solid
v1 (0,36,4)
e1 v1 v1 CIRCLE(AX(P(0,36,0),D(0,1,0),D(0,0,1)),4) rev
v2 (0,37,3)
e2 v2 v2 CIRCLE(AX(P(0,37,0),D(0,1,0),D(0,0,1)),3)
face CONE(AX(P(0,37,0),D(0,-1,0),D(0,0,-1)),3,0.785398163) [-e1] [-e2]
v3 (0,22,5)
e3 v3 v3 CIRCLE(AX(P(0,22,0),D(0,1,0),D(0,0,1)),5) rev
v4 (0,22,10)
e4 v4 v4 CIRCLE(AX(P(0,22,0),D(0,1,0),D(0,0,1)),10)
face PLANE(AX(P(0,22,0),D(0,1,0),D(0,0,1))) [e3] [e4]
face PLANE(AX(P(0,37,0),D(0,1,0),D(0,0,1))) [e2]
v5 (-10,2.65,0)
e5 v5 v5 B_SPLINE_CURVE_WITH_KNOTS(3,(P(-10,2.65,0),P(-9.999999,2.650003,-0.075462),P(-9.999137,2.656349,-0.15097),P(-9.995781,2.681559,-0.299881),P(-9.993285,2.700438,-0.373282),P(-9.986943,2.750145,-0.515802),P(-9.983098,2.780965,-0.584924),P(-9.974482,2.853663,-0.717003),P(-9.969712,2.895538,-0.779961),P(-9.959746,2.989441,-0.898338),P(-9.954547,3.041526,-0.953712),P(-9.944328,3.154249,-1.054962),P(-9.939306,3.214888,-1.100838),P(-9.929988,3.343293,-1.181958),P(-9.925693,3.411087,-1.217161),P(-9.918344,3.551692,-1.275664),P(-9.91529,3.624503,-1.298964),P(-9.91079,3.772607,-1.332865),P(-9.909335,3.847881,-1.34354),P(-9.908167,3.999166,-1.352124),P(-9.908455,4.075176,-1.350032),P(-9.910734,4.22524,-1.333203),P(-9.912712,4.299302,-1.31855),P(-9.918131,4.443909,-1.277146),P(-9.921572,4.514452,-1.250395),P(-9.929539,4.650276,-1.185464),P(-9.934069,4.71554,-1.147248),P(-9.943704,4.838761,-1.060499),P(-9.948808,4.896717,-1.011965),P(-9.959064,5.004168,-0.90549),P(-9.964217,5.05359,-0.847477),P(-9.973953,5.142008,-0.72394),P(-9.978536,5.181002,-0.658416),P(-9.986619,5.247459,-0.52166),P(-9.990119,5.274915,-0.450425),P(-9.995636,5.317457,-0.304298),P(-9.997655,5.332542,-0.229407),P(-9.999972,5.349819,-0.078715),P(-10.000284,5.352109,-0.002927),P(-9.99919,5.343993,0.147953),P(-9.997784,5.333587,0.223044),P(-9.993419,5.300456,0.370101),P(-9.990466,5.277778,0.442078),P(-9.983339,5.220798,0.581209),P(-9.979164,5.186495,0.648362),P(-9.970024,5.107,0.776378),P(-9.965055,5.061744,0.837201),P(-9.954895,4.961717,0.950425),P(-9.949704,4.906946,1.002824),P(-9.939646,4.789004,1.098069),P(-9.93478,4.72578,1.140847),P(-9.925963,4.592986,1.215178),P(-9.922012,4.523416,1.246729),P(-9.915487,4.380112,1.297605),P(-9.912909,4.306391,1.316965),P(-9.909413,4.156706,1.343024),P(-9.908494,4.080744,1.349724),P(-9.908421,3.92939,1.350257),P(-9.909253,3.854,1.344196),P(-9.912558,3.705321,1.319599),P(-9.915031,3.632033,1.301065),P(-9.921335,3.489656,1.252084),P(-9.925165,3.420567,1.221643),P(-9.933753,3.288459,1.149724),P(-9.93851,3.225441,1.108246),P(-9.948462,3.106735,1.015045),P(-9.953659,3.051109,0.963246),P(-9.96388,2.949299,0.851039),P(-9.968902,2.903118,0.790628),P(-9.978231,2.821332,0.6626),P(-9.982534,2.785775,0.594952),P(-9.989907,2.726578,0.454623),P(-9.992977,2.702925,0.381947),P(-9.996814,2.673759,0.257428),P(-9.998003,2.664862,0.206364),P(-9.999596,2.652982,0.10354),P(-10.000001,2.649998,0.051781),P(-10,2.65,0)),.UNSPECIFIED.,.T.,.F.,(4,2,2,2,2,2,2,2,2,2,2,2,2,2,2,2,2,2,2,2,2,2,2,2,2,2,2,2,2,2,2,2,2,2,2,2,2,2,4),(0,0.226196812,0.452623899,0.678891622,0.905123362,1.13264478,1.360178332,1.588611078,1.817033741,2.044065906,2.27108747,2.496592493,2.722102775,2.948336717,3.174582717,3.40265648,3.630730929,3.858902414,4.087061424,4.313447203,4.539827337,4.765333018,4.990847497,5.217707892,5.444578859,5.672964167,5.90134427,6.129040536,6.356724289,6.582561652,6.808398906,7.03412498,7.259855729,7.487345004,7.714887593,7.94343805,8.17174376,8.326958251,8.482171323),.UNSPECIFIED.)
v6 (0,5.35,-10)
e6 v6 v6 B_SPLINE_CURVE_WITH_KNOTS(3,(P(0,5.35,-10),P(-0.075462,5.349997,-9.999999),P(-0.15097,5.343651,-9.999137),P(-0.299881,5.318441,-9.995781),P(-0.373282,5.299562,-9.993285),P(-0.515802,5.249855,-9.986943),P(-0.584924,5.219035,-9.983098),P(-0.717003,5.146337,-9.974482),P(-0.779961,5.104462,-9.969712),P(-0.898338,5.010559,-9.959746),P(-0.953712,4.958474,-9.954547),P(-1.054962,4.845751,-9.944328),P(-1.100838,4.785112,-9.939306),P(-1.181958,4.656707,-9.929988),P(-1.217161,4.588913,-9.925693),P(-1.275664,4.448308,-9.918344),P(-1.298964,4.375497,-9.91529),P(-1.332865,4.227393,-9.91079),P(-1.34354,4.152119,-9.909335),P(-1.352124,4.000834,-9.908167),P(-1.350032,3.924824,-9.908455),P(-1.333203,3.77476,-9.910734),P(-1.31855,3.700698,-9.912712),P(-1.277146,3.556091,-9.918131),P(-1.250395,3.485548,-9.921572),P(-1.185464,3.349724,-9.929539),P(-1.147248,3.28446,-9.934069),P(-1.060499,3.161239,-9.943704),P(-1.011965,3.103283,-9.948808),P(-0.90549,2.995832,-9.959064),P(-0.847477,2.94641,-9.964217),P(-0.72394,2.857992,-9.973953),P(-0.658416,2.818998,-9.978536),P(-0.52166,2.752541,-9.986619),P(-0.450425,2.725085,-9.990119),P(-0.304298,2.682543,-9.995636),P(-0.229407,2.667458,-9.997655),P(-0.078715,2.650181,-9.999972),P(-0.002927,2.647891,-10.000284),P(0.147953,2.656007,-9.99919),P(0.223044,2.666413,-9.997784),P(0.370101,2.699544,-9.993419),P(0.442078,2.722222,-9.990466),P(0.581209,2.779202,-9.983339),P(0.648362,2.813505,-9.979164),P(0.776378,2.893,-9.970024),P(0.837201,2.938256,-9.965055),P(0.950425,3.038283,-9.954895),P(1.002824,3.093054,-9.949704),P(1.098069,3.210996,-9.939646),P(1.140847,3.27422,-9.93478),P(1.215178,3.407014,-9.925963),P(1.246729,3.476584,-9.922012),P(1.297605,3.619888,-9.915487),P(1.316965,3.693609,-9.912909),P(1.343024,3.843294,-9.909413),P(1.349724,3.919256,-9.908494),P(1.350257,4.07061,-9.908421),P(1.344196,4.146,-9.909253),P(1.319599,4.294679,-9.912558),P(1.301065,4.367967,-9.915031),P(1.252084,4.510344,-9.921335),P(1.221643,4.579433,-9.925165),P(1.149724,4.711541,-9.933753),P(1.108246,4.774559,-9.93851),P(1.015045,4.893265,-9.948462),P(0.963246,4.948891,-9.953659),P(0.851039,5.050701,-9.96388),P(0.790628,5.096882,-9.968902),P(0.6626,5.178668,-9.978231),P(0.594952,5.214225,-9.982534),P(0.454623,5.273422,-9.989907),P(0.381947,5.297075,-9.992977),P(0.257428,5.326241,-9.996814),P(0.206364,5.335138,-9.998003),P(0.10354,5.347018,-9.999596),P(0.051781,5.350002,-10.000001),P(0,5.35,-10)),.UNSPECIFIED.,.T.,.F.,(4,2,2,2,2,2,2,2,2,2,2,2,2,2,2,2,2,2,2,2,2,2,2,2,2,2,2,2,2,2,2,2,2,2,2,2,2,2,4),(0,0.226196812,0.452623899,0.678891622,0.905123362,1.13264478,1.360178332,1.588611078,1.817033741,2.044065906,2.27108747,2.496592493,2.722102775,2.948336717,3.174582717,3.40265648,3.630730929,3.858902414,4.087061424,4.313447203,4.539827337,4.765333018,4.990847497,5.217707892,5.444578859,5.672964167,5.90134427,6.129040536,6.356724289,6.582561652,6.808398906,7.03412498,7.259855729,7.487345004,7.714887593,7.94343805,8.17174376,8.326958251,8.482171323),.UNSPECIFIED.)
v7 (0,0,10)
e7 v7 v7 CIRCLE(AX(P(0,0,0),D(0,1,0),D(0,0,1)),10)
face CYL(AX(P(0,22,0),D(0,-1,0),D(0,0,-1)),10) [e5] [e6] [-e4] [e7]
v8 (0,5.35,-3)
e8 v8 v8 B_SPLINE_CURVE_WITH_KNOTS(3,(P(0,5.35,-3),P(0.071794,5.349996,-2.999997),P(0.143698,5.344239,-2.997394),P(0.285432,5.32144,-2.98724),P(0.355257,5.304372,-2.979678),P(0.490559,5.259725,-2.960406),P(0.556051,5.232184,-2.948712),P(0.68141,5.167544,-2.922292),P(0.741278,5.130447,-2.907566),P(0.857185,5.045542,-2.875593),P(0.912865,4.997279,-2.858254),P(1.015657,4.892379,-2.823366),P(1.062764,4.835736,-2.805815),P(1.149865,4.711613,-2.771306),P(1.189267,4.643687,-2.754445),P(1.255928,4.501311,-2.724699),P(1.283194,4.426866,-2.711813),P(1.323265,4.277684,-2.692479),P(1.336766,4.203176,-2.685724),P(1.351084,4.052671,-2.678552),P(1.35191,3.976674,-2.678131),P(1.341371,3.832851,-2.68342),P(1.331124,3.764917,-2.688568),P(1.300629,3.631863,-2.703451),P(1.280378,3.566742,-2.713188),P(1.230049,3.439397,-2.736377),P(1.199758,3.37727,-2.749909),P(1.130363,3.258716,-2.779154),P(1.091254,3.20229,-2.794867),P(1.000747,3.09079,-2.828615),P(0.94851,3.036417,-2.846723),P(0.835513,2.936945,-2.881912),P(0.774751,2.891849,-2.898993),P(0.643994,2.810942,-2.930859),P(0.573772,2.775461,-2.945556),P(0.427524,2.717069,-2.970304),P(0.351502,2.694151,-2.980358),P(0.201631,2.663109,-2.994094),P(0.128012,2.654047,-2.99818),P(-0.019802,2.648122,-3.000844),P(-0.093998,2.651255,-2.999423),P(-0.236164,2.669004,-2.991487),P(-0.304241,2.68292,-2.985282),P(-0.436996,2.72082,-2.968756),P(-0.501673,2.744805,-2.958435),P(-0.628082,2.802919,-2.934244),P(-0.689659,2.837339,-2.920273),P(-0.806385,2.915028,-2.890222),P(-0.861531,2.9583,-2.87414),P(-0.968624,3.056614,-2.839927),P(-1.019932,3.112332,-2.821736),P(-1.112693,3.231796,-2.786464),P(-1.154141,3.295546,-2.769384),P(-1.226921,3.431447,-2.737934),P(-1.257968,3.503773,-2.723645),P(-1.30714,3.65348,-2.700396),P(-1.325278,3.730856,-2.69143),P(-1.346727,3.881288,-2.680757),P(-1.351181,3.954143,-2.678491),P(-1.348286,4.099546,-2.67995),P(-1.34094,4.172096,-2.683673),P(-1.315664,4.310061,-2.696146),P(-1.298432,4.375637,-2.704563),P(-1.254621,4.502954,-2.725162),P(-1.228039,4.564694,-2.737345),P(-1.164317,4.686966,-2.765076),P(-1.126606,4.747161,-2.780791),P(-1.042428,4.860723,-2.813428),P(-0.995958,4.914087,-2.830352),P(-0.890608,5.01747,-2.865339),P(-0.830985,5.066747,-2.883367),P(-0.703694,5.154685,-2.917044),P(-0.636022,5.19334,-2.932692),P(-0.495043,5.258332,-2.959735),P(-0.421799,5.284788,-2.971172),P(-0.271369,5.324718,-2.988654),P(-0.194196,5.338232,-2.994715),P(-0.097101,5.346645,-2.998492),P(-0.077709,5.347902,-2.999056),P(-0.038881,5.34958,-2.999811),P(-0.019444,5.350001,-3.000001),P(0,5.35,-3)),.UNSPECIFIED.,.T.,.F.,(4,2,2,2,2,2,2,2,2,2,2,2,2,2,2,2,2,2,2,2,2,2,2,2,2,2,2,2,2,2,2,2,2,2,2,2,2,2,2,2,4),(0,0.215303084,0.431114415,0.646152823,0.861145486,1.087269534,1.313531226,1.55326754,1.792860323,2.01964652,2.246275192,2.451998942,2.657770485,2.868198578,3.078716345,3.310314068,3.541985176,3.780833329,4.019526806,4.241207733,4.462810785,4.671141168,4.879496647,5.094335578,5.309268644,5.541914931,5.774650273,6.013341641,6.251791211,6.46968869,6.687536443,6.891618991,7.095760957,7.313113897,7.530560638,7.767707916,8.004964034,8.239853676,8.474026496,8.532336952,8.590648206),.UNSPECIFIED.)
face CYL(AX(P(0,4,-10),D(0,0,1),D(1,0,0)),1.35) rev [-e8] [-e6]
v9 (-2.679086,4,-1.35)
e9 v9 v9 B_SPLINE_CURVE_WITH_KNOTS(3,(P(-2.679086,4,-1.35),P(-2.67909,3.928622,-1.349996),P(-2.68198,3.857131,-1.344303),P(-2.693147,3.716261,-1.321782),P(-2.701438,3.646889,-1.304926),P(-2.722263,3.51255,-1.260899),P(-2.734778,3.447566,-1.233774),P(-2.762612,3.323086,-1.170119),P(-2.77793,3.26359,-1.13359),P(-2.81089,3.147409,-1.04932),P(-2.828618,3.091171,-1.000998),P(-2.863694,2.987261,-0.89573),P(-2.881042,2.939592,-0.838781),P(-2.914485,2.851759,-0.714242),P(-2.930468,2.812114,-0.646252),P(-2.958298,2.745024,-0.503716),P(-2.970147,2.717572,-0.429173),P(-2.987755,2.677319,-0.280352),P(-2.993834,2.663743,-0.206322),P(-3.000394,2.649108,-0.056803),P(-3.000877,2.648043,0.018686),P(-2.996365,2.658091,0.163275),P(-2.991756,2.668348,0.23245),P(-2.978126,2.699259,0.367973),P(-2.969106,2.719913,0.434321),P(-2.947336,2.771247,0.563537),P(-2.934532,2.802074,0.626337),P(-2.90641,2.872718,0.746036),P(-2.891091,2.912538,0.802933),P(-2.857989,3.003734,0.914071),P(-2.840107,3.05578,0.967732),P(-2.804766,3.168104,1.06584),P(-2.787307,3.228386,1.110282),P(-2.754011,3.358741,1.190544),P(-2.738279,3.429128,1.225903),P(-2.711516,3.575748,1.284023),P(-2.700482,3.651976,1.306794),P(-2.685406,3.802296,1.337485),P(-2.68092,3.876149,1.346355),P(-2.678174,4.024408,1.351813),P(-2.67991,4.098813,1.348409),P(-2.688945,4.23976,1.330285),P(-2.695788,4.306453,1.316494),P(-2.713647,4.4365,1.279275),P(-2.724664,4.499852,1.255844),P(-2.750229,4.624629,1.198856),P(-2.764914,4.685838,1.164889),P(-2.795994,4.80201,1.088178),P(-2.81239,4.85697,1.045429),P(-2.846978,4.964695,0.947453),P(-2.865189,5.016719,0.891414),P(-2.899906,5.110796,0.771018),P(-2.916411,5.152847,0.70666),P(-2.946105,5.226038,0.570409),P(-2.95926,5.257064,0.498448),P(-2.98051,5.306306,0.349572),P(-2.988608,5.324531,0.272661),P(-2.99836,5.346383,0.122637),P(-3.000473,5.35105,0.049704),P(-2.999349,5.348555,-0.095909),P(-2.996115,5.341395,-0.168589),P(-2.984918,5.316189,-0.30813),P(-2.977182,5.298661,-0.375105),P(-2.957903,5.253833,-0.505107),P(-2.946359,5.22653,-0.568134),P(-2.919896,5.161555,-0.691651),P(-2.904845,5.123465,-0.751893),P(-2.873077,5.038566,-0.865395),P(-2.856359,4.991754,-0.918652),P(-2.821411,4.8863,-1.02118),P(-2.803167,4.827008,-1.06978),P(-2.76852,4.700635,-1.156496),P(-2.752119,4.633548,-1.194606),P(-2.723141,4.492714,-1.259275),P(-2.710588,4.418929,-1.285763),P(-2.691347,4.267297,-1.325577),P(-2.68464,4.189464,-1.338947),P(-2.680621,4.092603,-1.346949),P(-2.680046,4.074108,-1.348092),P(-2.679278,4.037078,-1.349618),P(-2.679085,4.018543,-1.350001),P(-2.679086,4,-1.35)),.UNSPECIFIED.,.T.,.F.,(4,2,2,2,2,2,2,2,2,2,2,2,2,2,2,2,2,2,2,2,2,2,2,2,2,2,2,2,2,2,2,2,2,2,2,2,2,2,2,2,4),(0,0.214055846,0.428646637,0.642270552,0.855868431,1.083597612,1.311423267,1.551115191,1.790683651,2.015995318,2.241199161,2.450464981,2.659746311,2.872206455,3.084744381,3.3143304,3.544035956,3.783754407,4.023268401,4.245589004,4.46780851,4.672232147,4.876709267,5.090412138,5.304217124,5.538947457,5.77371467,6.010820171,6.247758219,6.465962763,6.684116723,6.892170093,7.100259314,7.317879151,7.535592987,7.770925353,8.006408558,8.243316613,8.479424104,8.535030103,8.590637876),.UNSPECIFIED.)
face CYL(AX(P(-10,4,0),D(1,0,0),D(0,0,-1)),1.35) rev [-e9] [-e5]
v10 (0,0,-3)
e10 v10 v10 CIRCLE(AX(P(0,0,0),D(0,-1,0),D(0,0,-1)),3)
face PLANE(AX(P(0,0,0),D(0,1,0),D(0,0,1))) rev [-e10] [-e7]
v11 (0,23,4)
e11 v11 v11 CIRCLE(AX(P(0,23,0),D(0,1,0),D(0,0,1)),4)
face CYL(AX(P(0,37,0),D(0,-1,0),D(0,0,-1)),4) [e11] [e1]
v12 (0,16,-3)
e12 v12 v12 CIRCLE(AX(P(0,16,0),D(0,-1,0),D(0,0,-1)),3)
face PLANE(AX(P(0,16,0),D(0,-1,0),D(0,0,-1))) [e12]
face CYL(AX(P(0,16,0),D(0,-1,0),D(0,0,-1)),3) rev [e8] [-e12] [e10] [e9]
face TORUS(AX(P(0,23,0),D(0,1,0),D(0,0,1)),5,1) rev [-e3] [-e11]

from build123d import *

# Parameters (mm, degrees)
SKETCH_1_R          = 10
EXTRUDE_1_DEPTH     = 22
SKETCH_2_R          = 4
EXTRUDE_2_DEPTH     = 15
FILLET_1_R          = 1
CHAMFER_1_SIZE      = 1
SKETCH_4_R          = 3
CUT_EXTRUDE_1_DEPTH = 16
SKETCH_3_R          = 1.35
CUT_EXTRUDE_2_DEPTH = 10
SKETCH_5_R          = 1.35
CUT_EXTRUDE_3_DEPTH = 10


with BuildPart() as part:
    # 草图1 → 凸台-拉伸1 (new body)
    with BuildSketch(Plane(origin=(0, 0, 0), x_dir=(1, 0, 0), z_dir=(0, 1, 0))):
        Circle(SKETCH_1_R)
    extrude(amount=EXTRUDE_1_DEPTH)

    # 草图2 → 凸台-拉伸2 (add)
    with BuildSketch(Plane(origin=(0, 22, 0), x_dir=(1, 0, 0), z_dir=(0, 1, 0))):
        Circle(SKETCH_2_R)
    extrude(amount=EXTRUDE_2_DEPTH)

    # 圆角1
    fillet_1_edges = [part.edges().sort_by_distance(p)[0] for p in [
        (-4, 22, 0),
    ]]
    fillet(fillet_1_edges, radius=FILLET_1_R)

    # 倒角1
    chamfer_1_edges = [part.edges().sort_by_distance(p)[0] for p in [
        (-4, 37, 0),
    ]]
    chamfer(chamfer_1_edges, length=CHAMFER_1_SIZE)

    # 草图4 → 切除-拉伸1 (cut)
    with BuildSketch(Plane.XZ):
        Circle(SKETCH_4_R)
    extrude(amount=-CUT_EXTRUDE_1_DEPTH, mode=Mode.SUBTRACT)

    # 草图3 → 切除-拉伸2 (cut)
    with BuildSketch(Plane.XY):
        with Locations((0, 4)):
            Circle(SKETCH_3_R)
    extrude(amount=-CUT_EXTRUDE_2_DEPTH, mode=Mode.SUBTRACT)

    # 草图5 → 切除-拉伸3 (cut)
    with BuildSketch(Plane(origin=(0, 0, 0), x_dir=(0, 0, -1), z_dir=(1, 0, 0))):
        with Locations((0, 4)):
            Circle(SKETCH_5_R)
    extrude(amount=-CUT_EXTRUDE_3_DEPTH, mode=Mode.SUBTRACT)


solid = part.part
